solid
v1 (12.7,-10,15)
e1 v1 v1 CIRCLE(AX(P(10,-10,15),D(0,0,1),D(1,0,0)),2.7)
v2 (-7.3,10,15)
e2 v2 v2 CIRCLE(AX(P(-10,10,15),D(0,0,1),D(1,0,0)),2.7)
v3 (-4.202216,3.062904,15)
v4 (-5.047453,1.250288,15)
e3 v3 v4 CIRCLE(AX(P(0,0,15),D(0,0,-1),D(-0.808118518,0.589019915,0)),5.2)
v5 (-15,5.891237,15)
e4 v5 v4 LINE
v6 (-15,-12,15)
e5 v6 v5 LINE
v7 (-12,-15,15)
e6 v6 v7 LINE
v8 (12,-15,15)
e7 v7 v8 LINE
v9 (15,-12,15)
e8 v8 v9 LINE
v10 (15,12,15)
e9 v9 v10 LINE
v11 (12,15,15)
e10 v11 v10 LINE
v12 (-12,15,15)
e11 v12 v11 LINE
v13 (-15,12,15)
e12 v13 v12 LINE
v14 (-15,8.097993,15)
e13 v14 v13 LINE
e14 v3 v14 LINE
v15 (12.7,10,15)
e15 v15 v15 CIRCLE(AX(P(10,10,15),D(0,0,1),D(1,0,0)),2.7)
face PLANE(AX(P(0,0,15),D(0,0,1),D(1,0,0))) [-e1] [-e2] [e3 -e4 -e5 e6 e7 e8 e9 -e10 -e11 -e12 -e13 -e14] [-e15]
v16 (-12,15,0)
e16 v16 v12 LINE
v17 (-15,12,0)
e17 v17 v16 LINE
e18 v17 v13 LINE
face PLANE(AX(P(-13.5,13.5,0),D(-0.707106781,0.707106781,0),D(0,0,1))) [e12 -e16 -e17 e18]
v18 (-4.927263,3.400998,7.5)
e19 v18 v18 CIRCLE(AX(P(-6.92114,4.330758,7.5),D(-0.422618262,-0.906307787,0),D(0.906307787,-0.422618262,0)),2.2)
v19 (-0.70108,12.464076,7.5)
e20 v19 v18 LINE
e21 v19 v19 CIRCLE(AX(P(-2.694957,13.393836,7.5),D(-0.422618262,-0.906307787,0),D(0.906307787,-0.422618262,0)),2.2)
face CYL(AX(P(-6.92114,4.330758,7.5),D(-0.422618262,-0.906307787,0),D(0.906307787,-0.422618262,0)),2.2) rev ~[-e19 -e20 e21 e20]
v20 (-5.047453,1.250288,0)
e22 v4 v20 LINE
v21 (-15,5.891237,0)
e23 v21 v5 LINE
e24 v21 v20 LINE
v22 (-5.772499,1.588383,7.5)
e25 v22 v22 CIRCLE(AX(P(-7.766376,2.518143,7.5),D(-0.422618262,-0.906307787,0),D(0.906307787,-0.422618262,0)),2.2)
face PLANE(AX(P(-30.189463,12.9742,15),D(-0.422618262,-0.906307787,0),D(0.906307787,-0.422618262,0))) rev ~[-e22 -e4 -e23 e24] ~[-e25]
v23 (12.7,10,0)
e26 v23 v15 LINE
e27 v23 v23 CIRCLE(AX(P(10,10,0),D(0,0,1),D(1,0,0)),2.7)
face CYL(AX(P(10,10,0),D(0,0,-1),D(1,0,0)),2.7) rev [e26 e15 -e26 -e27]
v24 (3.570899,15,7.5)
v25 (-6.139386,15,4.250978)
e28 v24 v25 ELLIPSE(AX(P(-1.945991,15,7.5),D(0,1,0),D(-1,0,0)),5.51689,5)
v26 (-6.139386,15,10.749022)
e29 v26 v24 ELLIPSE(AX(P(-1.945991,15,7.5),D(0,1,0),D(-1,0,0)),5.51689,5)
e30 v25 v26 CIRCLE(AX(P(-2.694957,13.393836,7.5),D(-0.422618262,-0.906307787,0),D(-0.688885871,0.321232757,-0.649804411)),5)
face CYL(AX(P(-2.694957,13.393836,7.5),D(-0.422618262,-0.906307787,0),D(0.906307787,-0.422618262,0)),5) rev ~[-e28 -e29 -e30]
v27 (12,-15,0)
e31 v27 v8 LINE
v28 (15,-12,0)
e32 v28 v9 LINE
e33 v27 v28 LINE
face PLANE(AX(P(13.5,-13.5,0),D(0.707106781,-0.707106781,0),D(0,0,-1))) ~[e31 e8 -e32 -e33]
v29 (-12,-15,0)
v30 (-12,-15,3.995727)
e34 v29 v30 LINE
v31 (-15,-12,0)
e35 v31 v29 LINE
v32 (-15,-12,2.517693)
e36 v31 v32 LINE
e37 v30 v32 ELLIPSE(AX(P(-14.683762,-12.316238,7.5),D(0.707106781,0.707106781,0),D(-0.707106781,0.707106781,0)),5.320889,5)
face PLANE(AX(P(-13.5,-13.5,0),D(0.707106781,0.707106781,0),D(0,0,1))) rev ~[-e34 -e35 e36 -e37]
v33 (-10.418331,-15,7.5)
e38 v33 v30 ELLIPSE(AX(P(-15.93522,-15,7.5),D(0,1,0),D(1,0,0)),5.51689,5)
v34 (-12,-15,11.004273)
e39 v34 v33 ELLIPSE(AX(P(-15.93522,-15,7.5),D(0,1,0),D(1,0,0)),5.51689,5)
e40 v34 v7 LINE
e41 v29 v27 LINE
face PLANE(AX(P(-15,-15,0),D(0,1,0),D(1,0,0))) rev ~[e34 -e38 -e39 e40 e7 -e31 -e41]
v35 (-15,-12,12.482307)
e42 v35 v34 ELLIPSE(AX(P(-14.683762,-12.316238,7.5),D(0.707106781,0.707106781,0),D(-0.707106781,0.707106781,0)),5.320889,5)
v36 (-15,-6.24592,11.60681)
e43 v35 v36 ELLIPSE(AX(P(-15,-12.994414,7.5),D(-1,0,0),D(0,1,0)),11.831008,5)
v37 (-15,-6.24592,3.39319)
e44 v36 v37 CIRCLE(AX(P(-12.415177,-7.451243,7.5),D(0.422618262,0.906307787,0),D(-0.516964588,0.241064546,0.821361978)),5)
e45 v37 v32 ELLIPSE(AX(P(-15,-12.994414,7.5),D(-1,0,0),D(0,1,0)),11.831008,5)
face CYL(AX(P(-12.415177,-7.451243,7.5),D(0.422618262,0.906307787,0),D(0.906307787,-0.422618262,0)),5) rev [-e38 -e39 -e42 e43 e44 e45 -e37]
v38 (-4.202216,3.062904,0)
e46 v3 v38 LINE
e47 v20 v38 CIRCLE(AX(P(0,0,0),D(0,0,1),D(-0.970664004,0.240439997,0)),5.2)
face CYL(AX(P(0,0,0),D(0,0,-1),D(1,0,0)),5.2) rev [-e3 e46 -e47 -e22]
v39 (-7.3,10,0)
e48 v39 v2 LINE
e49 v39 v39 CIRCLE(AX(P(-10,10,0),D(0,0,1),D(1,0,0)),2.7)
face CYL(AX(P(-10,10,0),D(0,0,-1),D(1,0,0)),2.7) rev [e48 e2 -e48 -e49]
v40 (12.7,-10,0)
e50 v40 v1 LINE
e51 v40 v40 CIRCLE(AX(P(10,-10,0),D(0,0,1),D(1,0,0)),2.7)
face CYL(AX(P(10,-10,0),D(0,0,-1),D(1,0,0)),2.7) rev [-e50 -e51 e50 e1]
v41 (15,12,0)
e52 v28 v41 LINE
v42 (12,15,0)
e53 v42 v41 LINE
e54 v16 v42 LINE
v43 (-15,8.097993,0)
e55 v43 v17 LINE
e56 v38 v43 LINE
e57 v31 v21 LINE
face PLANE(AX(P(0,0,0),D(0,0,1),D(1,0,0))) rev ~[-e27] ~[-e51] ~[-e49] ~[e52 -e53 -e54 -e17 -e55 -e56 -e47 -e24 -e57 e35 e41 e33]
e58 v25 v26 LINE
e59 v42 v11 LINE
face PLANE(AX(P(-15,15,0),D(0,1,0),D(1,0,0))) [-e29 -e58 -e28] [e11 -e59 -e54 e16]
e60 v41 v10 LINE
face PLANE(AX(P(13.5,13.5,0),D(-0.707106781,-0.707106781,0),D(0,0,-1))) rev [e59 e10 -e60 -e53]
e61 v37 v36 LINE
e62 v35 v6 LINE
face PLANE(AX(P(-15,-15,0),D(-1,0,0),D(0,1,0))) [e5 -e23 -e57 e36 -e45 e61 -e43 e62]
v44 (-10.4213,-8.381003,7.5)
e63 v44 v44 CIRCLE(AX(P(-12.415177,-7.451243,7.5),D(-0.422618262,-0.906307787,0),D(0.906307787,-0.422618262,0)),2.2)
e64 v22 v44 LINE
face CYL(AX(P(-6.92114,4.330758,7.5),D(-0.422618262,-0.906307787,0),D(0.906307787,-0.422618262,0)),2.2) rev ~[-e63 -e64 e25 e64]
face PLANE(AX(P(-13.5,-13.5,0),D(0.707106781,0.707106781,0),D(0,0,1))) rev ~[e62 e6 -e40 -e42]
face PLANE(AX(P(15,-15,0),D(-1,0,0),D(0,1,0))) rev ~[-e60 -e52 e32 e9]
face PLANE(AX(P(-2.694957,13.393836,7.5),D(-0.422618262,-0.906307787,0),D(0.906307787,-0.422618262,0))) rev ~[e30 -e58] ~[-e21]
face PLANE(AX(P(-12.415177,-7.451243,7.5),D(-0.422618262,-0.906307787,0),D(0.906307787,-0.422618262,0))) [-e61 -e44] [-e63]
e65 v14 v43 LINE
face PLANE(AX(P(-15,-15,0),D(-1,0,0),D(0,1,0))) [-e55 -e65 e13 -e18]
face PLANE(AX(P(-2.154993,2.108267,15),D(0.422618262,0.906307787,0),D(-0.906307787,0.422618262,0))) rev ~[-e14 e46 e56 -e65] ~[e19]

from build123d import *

# Parameters (mm, degrees)
F0_W      = 30
F0_H      = 30
F0_R      = 2.7
F0_R_2    = 5.2
F1_DEPTH  = 15
F2_SIZE   = 3
F4_DEPTH  = 25
F5_R      = 2.2
F6_DEPTH  = 35
F8_R      = 5
F9_DEPTH  = 25
F11_R     = 5
F12_DEPTH = 25


with BuildPart() as f1:
    # F0 (on Top) → F1 (new body)
    with BuildSketch(Plane.XY):
        Rectangle(F0_W, F0_H)
        with Locations((10, -10)):
            Circle(F0_R, mode=Mode.SUBTRACT)
        with Locations((-10, 10)):
            Circle(F0_R, mode=Mode.SUBTRACT)
        Circle(F0_R_2, mode=Mode.SUBTRACT)
        with Locations((10, 10)):
            Circle(F0_R, mode=Mode.SUBTRACT)
    extrude(amount=F1_DEPTH)

    # F2
    f2_edges = [f1.edges().sort_by_distance(p)[0] for p in [
        (15, 15, 7.5),
        (15, -15, 7.5),
        (-15, -15, 7.5),
        (-15, 15, 7.5),
    ]]
    chamfer(f2_edges, length=F2_SIZE)

    # F3 (on face) → F4 (cut)
    with BuildSketch(Plane.XY.offset(15)):
        Polygon((-29.3442261462, 14.7868152936), (-29.7668444079, 13.8805075065), (-30.1894626697, 12.9741997195), (-3.0002290586, 0.2956518673), (-2.1549925351, 2.1082674413), align=None)
    extrude(amount=-F4_DEPTH, mode=Mode.SUBTRACT)

    # F5 (on face) → F6 (cut, symmetric)
    with BuildSketch(Plane(origin=(0.4226182617, 0.906307787, 0), x_dir=(0.906307787, -0.4226182617, 0), z_dir=(-0.4226182617, -0.906307787, 0))):
        with Locations((-8.1029403289, 7.5)):
            Circle(F5_R)
    extrude(amount=F6_DEPTH, both=True, mode=Mode.SUBTRACT)

    # F8 (on offset) → F9 (cut)
    with BuildSketch(Plane(origin=(4.6488008791, 9.9693856574, 0), x_dir=(0.906307787, -0.4226182617, 0), z_dir=(-0.4226182617, -0.906307787, 0))):
        with Locations((-8.1029403289, 7.5)):
            Circle(F8_R)
    extrude(amount=-F9_DEPTH, mode=Mode.SUBTRACT)

    # F11 (on offset) → F12 (cut)
    with BuildSketch(Plane(origin=(-5.0714191409, -10.8756934444, 0), x_dir=(0.906307787, -0.4226182617, 0), z_dir=(-0.4226182617, -0.906307787, 0))):
        with Locations((-8.1029403289, 7.5)):
            Circle(F11_R)
    extrude(amount=F12_DEPTH, mode=Mode.SUBTRACT)


solid = f1.part
